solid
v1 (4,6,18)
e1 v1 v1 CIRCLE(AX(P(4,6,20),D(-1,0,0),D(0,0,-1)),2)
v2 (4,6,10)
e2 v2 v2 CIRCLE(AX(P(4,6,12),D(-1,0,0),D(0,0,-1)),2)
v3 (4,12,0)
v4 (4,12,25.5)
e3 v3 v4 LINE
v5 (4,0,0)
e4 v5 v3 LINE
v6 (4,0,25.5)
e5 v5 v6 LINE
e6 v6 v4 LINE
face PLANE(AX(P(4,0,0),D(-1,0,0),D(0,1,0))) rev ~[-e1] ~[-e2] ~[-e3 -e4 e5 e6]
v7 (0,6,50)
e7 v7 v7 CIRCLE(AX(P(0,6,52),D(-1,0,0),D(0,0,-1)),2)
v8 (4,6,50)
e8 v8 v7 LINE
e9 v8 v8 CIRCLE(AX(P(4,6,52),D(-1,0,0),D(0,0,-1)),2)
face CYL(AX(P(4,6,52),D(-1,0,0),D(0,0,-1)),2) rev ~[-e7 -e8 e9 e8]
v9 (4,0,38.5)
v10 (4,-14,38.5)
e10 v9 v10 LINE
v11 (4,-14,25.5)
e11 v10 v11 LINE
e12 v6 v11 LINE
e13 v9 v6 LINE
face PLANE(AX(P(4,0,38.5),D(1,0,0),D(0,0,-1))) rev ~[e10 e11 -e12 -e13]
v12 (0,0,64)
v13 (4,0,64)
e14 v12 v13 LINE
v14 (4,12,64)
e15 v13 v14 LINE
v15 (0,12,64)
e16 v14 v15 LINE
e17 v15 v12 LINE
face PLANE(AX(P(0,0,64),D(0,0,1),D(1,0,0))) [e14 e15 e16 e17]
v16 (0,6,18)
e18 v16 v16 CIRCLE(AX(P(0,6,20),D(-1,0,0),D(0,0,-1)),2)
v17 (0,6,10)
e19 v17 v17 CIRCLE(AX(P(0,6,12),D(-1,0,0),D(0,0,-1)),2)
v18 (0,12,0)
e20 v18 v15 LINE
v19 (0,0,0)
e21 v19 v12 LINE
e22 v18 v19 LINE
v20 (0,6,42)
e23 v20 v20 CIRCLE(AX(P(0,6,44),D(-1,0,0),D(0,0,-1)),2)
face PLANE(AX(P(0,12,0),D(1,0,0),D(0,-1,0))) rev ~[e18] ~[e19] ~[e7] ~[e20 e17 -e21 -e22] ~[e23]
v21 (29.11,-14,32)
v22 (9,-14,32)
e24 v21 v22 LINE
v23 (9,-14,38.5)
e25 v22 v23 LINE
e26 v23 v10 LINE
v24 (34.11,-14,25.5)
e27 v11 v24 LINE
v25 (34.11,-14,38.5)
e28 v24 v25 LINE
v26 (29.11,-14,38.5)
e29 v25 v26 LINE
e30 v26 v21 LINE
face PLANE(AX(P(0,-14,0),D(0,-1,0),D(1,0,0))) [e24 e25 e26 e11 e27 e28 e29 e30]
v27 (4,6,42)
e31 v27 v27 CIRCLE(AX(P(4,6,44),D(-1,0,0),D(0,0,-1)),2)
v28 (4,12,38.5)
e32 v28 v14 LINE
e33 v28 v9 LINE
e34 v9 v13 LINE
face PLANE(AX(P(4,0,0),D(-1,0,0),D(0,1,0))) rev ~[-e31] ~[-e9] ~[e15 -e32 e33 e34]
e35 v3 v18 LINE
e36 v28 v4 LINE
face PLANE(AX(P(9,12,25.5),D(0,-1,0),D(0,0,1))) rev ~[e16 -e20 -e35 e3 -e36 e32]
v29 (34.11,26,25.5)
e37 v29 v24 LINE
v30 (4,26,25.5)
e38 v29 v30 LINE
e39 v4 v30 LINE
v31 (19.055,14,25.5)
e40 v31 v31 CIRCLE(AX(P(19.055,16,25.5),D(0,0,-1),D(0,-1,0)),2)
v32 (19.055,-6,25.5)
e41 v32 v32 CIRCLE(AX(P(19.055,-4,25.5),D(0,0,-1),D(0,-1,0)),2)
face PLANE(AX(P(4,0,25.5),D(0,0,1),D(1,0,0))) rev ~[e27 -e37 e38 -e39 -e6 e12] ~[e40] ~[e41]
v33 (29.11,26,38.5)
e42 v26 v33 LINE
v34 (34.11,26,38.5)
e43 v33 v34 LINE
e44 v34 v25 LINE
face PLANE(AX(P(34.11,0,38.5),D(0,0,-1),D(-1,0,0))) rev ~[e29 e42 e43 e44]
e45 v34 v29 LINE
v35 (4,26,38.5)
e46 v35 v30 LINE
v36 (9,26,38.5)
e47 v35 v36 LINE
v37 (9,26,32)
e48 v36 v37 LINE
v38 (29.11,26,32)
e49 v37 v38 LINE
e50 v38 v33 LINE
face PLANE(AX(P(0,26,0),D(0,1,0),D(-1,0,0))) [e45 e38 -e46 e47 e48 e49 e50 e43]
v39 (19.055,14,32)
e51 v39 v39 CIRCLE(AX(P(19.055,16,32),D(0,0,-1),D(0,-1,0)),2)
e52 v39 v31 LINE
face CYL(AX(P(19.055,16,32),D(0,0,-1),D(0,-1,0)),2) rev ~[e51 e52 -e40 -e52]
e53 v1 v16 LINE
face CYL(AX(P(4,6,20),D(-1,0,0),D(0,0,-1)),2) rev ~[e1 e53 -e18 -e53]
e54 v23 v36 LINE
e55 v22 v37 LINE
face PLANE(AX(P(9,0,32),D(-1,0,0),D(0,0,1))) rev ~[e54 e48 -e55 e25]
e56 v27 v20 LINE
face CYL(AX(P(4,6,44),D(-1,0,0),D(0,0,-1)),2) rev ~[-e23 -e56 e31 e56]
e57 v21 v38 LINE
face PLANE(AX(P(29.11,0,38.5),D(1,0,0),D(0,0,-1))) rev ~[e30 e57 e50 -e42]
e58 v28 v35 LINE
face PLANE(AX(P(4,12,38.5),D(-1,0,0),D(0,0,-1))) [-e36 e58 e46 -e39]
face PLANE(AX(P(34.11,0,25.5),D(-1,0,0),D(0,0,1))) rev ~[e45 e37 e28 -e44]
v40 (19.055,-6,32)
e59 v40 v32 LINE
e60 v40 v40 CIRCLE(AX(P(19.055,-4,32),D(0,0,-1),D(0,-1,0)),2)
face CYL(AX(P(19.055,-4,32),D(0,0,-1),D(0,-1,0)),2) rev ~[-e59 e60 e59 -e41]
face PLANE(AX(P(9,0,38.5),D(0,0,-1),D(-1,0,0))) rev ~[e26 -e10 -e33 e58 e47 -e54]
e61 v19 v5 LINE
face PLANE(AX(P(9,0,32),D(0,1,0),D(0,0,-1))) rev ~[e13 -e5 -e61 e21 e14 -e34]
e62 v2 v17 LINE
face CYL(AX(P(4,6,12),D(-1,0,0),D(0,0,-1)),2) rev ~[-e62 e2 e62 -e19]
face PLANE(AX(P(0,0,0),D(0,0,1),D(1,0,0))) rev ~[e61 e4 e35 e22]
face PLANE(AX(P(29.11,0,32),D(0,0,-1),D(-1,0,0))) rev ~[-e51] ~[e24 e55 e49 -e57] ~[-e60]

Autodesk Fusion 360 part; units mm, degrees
sketch "Sketch1" plane through (0, 0, 0) normal (0, 0, 1) x (1, 0, 0)
  line L0 (0, 0) -> (4, 0)
  line L1 (4, 0) -> (4, 12)
  line L2 (4, 12) -> (0, 12)
  line L3 (0, 12) -> (0, 0)
  dimension "d1" = 12
  dimension "d2" = 4
extrude "Extrude1" add sketch "Sketch1" along normal blind 64
sketch "Sketch2" plane through (4, 0, 0) normal (1, 0, 0) x (0, 1, 0)
  line L0 (0, 0) -> (12, 0)
  line L1 (12, 0) -> (12, 64)
  line L2 (12, 64) -> (0, 64)
  line L3 (0, 64) -> (0, 0)
  line L4 (0, 64) -> (12, 0) construction
  line L5 (12, 64) -> (0, 0) construction
  line L6 (12, 38.5) -> (0, 38.5)
  line L7 (0, 38.5) -> (0, 25.5)
  line L8 (0, 25.5) -> (12, 25.5)
  line L9 (12, 25.5) -> (12, 38.5)
  line L10 (12, 38.5) -> (0, 25.5) construction
  line L11 (0, 38.5) -> (12, 25.5) construction
  line L12 (6, 32) -> (6, 36) construction
  line L13 (6, 36) -> (6, 44) construction
  line L14 (6, 44) -> (6, 52) construction
  line L15 (6, 32) -> (6, 28) construction
  line L16 (6, 28) -> (6, 20) construction
  line L17 (6, 20) -> (6, 12) construction
  point P0 (6, 32)
  point P1 (6, 52)
  point P2 (6, 44)
  point P3 (6, 36)
  point P4 (6, 28)
  point P5 (6, 20)
  point P6 (6, 12)
  dimension "d5" = 13
  dimension "d6" = 4
  dimension "d7" = 8
  dimension "d8" = 8
  dimension "d9" = 4
  dimension "d10" = 8
  dimension "d11" = 8
  dimension "d20" = 12
extrude "Extrude2" add sketch "Sketch2" along normal blind 5 contours L1 L3 L6 L7 L8 L9
sketch "Sketch3" plane through (9, 0, 0) normal (1, 0, 0) x (0, 1, 0)
  line L0 (12, 25.5) -> (12, 38.5)
  line L1 (12, 38.5) -> (0, 38.5)
  line L2 (0, 38.5) -> (0, 25.5)
  line L3 (0, 25.5) -> (12, 25.5)
  line L4 (0, 25.5) -> (12, 25.5)
  line L5 (12, 25.5) -> (12, 32)
  line L6 (12, 32) -> (0, 32)
  line L7 (0, 32) -> (0, 25.5)
extrude "Extrude3" add sketch "Sketch3" along normal blind 20.11 contours L0 L2 L3 L4 L5 L6 L7
sketch "Sketch4" plane through (29.11, 0, 0) normal (1, 0, 0) x (0, 1, 0)
  line L0 (0, 32) -> (0, 25.5)
  line L1 (0, 25.5) -> (12, 25.5)
  line L2 (12, 25.5) -> (12, 32)
  line L3 (12, 32) -> (0, 32)
  line L4 (0, 25.5) -> (12, 25.5)
  line L5 (12, 25.5) -> (12, 38.5)
  line L6 (12, 38.5) -> (0, 38.5)
  line L7 (0, 38.5) -> (0, 25.5)
  dimension "d16" = 12
  dimension "d17" = 13
extrude "Extrude4" add sketch "Sketch4" along normal blind 5
sketch "Sketch5" plane through (0, 0, 32) normal (0, 0, 1) x (-1, 0, 0)
  line L0 (-9, -12) -> (-9, 0)
  line L1 (-9, 0) -> (-29.11, 0)
  line L2 (-29.11, 0) -> (-29.11, -12)
  line L3 (-29.11, -12) -> (-9, -12)
hole "Hole1" at (4, 6, 52) at (4, 6, 44) at (4, 6, 20) at (4, 6, 12) direction (-1, 0, 0) diameter 4 depth 15 tip angle 180
sketch "Sketch6" plane through (0, 12, 0) normal (0, 1, 0) x (-1, 0, 0)
  line L0 (-4, 0) -> (0, 0)
  line L1 (0, 0) -> (0, 64)
  line L2 (0, 64) -> (-4, 64)
  line L3 (-4, 64) -> (-4, 38.5)
  line L4 (-4, 38.5) -> (-9, 38.5)
  line L5 (-9, 38.5) -> (-9, 32)
  line L6 (-9, 32) -> (-29.11, 32)
  line L7 (-29.11, 32) -> (-29.11, 38.5)
  line L8 (-29.11, 38.5) -> (-34.11, 38.5)
  line L9 (-34.11, 38.5) -> (-34.11, 25.5)
  line L10 (-34.11, 25.5) -> (-4, 25.5)
  line L11 (-4, 25.5) -> (-4, 0)
  line L12 (-4, 38.5) -> (-4, 25.5)
  line L13 (-4, 38.5) -> (-9, 38.5)
  line L14 (-9, 38.5) -> (-9, 32)
  line L15 (-9, 32) -> (-29.11, 32)
  line L16 (-29.11, 38.5) -> (-29.11, 32)
  line L17 (-29.11, 38.5) -> (-34.11, 38.5)
  line L18 (-34.11, 25.5) -> (-34.11, 38.5)
  line L19 (-4, 25.5) -> (-34.11, 25.5)
extrude "Extrude5" add sketch "Sketch6" along normal blind 14 contours L4 L5 L6 L7 L8 L9 L10 L12 L13 L14 L15 L16 L17 L18 L19
sketch "Sketch7" plane through (0, 0, 0) normal (0, -1, 0) x (1, 0, 0)
  line L0 (0, 0) -> (4, 0)
  line L1 (4, 0) -> (4, 25.5)
  line L2 (4, 25.5) -> (34.11, 25.5)
  line L3 (34.11, 25.5) -> (34.11, 38.5)
  line L4 (34.11, 38.5) -> (29.11, 38.5)
  line L5 (29.11, 38.5) -> (29.11, 32)
  line L6 (29.11, 32) -> (9, 32)
  line L7 (9, 32) -> (9, 38.5)
  line L8 (9, 38.5) -> (4, 38.5)
  line L9 (4, 38.5) -> (4, 64)
  line L10 (4, 64) -> (0, 64)
  line L11 (0, 64) -> (0, 0)
  line L12 (4, 38.5) -> (4, 25.5)
  line L13 (4, 25.5) -> (34.11, 25.5)
  line L14 (34.11, 25.5) -> (34.11, 38.5)
  line L15 (34.11, 38.5) -> (29.11, 38.5)
  line L16 (29.11, 38.5) -> (29.11, 32)
  line L17 (29.11, 32) -> (9, 32)
  line L18 (9, 32) -> (9, 38.5)
  line L19 (9, 38.5) -> (4, 38.5)
extrude "Extrude6" add sketch "Sketch7" along normal blind 14 contours L2 L3 L4 L5 L6 L7 L8 L12 L13 L14 L15 L16 L17 L18 L19
sketch "Sketch8" plane through (0, 0, 32) normal (0, 0, 1) x (-1, 0, 0)
  line L0 (-9, -26) -> (-9, 14)
  line L1 (-9, 14) -> (-29.11, 14)
  line L2 (-29.11, 14) -> (-29.11, -26)
  line L3 (-29.11, -26) -> (-9, -26)
  line L4 (-9, -26) -> (-29.11, 14) construction
  line L5 (-29.11, -26) -> (-9, 14) construction
  line L6 (-19.055, -6) -> (-19.055, -16) construction
  line L7 (-19.055, -6) -> (-19.055, 4)
  dimension "d28" = 10
  dimension "d29" = 10
hole "Hole2" at (19.055, -4, 32) at (19.055, 16, 32) direction (0, 0, -1) diameter 4 depth 50 tip angle 180
